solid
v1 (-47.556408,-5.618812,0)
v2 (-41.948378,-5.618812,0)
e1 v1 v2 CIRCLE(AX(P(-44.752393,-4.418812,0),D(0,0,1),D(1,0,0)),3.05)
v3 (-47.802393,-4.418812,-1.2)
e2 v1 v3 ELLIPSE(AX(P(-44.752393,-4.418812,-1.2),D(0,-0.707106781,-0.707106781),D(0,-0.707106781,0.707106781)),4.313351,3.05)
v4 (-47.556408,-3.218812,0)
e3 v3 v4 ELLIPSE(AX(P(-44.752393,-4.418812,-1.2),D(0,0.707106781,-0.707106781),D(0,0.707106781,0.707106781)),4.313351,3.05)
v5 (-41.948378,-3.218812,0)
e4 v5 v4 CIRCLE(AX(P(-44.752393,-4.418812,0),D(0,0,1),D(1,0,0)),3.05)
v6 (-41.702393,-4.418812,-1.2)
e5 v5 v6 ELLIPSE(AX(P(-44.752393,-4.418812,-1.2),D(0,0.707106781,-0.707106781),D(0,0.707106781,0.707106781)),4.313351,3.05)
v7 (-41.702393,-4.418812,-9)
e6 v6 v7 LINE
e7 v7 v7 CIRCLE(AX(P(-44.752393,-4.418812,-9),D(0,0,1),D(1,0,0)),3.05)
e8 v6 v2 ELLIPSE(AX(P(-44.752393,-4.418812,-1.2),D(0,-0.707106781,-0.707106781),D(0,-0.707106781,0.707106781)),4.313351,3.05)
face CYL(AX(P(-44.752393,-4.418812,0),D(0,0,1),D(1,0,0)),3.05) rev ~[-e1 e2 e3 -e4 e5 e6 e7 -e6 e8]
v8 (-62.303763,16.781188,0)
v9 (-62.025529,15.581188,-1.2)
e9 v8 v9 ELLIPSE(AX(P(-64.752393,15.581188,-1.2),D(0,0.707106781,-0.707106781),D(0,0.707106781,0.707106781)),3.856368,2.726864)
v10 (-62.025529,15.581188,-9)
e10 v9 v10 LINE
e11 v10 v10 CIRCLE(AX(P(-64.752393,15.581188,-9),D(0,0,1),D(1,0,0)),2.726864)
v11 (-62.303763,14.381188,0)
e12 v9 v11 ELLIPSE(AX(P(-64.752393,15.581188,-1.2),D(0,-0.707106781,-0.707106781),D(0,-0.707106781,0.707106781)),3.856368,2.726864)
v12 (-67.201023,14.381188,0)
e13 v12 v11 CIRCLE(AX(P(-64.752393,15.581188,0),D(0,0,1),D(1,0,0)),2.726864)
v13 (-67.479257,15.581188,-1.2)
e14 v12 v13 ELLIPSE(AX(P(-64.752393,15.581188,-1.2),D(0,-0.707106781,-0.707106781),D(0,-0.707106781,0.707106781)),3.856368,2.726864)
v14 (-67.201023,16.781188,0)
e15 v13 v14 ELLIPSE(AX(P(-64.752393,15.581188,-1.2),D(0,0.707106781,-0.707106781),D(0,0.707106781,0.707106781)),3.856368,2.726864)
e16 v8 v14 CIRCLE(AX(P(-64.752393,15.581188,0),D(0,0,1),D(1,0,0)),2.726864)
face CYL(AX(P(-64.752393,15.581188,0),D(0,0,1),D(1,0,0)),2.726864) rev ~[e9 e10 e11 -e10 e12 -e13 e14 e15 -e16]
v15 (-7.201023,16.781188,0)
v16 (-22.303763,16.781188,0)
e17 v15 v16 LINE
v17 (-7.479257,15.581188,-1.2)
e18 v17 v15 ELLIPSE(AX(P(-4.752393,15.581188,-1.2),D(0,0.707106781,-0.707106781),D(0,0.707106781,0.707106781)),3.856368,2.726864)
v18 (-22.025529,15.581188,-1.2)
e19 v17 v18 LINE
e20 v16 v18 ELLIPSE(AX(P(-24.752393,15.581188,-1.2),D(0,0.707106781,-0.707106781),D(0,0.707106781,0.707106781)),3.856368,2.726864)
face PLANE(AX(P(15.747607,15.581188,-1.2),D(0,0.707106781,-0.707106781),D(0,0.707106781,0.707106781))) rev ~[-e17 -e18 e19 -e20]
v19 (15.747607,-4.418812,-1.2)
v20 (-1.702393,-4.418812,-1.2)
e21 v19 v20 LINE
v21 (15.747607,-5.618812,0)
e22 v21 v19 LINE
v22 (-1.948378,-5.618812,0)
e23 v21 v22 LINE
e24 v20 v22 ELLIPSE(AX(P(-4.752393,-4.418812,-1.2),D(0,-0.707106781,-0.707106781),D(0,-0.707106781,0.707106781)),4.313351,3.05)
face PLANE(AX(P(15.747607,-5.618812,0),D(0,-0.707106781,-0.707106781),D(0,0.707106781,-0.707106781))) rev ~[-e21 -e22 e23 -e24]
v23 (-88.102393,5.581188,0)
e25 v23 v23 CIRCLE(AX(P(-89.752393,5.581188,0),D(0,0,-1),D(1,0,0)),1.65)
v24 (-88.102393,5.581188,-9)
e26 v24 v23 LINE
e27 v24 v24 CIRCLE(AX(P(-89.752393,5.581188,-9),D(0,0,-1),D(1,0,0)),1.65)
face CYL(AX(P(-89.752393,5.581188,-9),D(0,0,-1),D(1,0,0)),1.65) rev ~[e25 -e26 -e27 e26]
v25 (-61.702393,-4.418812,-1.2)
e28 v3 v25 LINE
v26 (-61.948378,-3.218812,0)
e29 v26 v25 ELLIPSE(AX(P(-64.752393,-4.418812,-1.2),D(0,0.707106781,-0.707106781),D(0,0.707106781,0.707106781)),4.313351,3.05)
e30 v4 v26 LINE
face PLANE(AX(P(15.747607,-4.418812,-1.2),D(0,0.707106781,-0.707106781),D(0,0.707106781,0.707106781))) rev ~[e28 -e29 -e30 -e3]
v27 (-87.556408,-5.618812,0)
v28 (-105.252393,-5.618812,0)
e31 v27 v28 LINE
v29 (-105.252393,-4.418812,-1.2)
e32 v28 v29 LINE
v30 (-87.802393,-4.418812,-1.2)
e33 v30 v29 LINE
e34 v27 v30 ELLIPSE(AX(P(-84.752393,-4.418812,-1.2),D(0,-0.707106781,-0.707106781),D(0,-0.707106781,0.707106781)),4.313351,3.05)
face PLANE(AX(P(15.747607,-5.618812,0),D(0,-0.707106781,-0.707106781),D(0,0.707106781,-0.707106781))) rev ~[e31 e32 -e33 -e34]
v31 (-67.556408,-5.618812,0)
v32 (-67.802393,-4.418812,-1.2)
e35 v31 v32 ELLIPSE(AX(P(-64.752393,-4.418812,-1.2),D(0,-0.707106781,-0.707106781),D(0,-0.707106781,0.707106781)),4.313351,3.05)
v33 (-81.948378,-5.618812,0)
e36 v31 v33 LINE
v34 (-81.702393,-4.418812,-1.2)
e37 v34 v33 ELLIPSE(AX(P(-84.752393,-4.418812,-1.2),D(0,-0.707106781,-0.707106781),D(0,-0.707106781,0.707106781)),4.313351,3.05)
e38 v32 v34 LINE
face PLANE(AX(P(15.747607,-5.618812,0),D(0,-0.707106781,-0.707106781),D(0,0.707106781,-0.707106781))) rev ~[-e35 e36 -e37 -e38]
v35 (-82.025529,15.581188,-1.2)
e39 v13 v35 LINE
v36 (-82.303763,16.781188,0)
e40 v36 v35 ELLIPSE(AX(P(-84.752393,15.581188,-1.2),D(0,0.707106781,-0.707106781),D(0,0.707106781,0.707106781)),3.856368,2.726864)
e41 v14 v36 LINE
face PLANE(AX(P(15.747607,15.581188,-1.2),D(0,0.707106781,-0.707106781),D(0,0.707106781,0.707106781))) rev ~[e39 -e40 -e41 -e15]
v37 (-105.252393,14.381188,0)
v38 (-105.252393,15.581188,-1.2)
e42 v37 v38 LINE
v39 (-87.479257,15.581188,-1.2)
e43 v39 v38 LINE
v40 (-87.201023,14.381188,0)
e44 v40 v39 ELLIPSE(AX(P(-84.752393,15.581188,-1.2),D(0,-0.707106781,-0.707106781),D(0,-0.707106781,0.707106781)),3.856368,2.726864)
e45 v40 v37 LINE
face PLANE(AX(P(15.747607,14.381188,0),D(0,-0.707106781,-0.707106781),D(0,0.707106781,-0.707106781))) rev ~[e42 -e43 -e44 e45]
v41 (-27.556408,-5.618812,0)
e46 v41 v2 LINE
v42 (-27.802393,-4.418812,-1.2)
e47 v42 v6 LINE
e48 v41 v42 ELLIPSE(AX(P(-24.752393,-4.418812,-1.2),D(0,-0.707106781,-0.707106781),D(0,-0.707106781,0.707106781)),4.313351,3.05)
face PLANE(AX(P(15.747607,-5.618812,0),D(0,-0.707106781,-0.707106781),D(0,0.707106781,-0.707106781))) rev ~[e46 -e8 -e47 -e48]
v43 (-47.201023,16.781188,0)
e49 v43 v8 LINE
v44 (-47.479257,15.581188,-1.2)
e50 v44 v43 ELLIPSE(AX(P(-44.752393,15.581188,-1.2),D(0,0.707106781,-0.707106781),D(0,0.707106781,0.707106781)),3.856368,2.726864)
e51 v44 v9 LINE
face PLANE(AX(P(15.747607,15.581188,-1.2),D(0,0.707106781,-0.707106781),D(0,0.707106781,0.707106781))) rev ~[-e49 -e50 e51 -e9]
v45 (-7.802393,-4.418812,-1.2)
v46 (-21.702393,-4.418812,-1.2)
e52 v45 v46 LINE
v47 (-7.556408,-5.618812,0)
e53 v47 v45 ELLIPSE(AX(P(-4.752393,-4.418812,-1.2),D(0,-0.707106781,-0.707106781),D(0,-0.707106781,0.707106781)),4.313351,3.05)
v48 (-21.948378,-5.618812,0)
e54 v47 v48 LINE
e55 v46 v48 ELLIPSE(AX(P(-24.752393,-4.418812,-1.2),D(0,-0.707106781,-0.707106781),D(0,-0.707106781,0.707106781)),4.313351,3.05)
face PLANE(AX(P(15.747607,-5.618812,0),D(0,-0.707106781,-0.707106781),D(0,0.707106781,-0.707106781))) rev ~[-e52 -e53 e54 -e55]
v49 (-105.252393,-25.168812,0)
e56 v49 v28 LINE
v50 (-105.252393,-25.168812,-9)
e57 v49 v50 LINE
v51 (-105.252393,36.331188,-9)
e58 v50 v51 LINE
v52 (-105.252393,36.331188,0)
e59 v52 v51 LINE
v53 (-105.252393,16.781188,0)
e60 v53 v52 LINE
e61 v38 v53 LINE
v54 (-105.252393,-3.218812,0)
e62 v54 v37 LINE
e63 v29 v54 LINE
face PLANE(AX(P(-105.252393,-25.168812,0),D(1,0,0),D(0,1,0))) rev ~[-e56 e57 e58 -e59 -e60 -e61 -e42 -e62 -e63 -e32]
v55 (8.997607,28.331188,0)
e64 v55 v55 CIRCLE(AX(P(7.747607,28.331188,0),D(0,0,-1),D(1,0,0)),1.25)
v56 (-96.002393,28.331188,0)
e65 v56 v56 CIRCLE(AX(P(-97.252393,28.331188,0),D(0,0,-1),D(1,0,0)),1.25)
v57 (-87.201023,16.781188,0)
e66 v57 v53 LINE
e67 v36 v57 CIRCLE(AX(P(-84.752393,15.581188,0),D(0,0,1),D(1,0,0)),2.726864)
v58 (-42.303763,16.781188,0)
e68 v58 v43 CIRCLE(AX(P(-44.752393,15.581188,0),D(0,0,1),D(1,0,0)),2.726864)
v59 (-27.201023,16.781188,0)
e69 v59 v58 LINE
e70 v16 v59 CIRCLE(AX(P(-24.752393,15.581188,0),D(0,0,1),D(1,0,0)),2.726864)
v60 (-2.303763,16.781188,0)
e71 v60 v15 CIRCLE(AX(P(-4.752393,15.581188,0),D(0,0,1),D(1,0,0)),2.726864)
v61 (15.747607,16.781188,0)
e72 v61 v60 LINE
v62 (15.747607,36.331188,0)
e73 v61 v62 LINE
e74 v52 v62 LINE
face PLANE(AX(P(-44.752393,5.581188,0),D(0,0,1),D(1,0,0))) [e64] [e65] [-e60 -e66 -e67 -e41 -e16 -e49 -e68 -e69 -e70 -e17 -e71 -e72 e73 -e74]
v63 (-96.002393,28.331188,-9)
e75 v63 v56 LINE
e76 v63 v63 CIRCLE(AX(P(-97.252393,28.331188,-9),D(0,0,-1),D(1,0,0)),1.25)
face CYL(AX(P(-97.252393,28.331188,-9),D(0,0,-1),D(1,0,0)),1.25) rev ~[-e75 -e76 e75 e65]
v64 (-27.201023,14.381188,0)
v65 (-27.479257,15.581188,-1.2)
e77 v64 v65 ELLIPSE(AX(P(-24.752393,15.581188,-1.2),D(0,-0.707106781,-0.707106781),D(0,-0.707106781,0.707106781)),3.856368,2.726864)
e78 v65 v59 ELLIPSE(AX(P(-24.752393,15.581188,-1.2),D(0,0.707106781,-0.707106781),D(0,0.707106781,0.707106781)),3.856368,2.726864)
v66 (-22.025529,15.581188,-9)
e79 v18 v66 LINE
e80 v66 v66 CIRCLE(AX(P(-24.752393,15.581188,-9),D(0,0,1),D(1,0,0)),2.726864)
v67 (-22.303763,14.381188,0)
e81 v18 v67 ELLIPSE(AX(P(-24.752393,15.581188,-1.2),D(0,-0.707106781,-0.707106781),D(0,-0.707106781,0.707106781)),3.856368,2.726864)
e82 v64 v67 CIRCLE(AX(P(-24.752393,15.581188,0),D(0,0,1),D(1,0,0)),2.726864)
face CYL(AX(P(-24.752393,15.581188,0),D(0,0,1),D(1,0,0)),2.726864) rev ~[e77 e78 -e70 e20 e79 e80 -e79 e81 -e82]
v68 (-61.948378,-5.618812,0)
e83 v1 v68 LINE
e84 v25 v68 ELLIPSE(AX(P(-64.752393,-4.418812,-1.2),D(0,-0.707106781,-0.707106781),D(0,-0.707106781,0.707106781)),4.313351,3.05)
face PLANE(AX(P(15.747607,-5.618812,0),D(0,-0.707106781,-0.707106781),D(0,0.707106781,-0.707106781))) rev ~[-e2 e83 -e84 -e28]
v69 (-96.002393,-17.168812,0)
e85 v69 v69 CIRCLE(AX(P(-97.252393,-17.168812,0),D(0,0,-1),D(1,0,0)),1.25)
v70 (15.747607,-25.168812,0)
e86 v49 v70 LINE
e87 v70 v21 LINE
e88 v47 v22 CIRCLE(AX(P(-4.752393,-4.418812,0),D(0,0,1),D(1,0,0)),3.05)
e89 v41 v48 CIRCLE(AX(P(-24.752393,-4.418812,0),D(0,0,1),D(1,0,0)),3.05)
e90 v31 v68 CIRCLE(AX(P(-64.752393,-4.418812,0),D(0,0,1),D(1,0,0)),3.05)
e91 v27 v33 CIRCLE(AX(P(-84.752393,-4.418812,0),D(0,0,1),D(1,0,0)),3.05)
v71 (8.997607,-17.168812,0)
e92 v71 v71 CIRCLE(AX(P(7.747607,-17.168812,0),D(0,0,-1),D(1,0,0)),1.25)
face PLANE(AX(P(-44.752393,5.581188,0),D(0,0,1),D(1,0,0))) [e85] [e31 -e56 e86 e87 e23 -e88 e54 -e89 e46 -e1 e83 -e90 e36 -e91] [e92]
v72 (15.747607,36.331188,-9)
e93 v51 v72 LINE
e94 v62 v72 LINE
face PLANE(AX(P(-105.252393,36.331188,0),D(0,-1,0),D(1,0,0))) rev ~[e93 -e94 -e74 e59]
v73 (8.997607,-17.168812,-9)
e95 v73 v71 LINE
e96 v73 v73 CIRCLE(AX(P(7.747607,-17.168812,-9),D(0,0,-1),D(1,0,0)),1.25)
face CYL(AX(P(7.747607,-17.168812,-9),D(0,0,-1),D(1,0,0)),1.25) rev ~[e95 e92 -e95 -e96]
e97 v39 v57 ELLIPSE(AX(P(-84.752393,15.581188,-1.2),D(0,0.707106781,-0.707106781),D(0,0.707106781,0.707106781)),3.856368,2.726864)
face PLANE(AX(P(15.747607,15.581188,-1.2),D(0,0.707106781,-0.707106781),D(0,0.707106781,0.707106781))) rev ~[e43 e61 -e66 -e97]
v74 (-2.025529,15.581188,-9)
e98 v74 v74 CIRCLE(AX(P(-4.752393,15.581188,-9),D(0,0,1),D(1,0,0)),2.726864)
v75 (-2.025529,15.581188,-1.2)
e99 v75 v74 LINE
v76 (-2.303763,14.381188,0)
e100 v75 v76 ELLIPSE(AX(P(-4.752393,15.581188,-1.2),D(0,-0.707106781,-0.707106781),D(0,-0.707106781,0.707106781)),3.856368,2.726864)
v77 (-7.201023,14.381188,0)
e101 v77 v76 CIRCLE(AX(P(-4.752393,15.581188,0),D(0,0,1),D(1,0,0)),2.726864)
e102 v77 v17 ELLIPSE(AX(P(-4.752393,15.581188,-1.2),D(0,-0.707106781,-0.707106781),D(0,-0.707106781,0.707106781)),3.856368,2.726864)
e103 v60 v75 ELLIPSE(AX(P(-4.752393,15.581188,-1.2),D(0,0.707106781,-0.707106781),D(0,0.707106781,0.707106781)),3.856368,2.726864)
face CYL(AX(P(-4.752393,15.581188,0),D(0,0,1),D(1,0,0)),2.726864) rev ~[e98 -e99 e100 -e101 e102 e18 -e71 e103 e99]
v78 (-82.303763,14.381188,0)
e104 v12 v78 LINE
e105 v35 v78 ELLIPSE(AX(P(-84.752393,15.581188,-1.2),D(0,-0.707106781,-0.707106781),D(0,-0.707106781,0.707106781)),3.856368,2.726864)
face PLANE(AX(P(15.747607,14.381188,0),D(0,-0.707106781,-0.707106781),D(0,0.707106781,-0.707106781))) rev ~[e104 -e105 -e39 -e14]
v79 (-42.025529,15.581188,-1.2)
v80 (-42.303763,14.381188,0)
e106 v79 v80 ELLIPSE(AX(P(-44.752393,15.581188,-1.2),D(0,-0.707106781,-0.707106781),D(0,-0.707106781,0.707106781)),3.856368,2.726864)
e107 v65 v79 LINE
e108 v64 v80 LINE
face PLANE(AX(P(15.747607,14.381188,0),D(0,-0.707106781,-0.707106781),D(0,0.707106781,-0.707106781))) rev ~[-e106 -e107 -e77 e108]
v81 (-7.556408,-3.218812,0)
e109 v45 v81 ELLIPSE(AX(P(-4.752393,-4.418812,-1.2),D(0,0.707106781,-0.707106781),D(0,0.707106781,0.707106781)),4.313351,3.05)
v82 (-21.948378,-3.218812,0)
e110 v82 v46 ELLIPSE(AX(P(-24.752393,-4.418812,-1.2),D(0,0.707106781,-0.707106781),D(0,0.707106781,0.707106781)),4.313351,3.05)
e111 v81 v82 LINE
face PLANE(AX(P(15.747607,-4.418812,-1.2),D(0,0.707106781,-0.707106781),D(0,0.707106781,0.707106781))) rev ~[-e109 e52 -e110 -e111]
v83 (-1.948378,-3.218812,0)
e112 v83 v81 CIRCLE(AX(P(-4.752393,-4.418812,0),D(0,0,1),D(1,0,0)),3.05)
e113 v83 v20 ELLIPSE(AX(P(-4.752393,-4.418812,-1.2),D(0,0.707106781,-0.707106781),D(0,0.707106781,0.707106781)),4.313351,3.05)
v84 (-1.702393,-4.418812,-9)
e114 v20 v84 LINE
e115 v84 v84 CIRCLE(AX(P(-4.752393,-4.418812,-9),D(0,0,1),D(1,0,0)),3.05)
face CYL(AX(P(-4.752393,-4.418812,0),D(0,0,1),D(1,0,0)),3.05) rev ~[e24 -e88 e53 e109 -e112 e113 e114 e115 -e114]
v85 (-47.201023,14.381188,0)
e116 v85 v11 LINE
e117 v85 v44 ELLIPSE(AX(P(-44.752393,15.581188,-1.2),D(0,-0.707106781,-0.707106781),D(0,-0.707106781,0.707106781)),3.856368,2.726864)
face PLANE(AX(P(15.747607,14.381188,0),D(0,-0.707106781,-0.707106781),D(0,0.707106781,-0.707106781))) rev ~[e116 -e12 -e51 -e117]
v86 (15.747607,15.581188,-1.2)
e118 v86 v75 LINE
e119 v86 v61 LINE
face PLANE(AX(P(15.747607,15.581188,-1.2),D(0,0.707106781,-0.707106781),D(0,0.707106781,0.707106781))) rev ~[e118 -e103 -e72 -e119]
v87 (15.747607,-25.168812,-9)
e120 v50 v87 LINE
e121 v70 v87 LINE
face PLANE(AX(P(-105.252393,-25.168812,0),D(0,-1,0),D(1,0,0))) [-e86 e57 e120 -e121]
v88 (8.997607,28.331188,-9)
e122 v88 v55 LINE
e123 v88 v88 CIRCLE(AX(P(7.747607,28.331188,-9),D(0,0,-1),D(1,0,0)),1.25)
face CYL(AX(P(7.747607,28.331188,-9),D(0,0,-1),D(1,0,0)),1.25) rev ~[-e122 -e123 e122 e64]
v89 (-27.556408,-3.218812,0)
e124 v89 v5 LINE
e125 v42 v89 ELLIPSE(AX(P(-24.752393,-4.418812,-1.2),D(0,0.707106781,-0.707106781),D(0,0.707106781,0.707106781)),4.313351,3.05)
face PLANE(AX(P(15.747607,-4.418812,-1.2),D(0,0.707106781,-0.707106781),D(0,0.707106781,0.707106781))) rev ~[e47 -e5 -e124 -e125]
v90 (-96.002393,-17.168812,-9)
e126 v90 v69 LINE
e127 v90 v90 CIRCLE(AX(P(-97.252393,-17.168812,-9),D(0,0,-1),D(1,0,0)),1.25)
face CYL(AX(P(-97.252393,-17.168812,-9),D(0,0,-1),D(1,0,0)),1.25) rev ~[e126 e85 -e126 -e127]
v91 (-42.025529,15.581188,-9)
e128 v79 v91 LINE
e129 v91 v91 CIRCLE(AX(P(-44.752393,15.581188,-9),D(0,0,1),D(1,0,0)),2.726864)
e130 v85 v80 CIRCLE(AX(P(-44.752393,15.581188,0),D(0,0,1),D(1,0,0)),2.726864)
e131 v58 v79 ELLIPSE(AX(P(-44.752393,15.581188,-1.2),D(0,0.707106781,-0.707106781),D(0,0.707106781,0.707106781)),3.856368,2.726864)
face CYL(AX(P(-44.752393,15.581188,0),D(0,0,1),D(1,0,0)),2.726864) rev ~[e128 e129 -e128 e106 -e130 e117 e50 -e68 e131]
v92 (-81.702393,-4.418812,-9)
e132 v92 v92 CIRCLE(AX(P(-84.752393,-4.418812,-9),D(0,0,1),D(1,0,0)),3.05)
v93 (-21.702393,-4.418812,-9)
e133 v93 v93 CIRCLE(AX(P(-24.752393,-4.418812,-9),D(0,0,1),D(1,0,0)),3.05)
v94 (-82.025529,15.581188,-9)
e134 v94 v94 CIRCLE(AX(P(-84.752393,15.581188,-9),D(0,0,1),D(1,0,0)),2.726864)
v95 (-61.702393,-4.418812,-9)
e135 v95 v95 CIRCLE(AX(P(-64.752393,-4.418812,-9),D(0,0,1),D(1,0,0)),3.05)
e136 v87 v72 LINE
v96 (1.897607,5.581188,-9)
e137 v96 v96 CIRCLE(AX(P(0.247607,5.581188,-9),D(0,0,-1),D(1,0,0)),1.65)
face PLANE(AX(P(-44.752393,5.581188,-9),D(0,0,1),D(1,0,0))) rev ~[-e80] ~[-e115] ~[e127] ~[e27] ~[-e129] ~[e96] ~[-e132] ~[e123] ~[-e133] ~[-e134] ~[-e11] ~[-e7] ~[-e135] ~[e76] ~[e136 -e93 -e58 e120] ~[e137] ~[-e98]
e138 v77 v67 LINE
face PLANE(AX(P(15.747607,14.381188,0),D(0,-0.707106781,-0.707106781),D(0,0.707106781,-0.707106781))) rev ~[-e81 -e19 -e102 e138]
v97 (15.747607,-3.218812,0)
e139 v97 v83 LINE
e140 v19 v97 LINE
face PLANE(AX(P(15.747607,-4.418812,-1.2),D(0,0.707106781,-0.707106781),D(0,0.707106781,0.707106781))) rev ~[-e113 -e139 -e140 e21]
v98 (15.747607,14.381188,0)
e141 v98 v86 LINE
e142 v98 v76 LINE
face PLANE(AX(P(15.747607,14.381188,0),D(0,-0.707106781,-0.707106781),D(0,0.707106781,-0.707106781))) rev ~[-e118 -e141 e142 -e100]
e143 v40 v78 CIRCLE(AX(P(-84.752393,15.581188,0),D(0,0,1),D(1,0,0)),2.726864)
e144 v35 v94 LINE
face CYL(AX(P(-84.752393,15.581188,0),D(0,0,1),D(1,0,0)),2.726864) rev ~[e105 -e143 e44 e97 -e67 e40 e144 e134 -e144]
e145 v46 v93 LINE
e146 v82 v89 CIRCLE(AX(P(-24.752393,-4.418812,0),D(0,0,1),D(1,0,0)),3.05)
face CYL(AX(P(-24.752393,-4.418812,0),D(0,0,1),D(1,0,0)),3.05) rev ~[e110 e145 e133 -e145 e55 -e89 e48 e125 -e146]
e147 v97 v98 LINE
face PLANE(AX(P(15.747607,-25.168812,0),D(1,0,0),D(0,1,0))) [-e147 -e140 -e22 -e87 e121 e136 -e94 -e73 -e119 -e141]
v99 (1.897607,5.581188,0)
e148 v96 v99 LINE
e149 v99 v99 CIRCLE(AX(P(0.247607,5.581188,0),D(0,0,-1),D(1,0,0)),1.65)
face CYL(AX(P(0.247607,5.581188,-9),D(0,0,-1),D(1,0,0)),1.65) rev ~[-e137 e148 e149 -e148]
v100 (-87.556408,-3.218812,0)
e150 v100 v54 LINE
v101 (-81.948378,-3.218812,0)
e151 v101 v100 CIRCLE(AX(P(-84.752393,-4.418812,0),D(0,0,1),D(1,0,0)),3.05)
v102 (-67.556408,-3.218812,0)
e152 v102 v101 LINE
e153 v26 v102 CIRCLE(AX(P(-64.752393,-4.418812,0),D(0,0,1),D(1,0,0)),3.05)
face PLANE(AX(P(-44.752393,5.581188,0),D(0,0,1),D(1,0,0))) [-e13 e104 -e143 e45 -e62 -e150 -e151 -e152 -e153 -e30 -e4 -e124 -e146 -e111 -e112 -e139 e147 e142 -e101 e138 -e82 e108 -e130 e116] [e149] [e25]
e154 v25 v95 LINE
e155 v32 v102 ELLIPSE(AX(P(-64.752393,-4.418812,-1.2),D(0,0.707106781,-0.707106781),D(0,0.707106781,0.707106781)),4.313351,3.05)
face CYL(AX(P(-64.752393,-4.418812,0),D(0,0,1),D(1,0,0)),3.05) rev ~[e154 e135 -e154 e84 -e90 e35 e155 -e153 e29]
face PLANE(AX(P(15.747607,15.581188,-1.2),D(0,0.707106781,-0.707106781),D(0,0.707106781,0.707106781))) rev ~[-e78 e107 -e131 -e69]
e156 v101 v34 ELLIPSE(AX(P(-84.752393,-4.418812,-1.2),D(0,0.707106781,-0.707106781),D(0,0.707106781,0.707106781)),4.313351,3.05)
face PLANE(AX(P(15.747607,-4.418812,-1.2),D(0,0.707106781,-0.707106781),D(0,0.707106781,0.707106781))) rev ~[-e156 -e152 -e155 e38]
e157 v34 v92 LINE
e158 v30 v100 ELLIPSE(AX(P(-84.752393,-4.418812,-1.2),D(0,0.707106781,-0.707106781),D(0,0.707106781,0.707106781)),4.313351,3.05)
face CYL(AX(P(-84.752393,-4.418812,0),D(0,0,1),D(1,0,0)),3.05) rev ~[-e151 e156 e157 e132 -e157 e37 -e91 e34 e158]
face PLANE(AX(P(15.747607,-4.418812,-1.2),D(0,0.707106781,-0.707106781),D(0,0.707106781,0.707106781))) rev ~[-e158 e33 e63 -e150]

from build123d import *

# Parameters (mm, degrees)
F0_W     = 121
F0_H     = 61.5
F1_DEPTH = 9
F2_R     = 2.726864
F2_R_2   = 3.05
F3_DEPTH = 10
F4_R     = 1.25
F5_DEPTH = 10
F6_R     = 1.65
F7_DEPTH = 10
F9_DEPTH = 125


with BuildPart() as f1:
    # F0 (on Top) → F1 (new body)
    with BuildSketch(Plane.XY):
        with Locations((-44.752393, 5.581188)):
            Rectangle(F0_W, F0_H)
    extrude(amount=-F1_DEPTH)

    # F2 (on face) → F3 (cut)
    with BuildSketch(Plane.XY):
        with Locations((-84.752393, 15.581188)):
            Circle(F2_R)
        with Locations((-84.752393, -4.418812)):
            Circle(F2_R_2)
        with Locations((-64.752393, 15.581188)):
            Circle(F2_R)
        with Locations((-64.752393, -4.418812)):
            Circle(F2_R_2)
        with Locations((-44.752393, 15.581188)):
            Circle(F2_R)
        with Locations((-44.752393, -4.418812)):
            Circle(F2_R_2)
        with Locations((-24.752393, 15.581188)):
            Circle(F2_R)
        with Locations((-24.752393, -4.418812)):
            Circle(F2_R_2)
        with Locations((-4.752393, 15.581188)):
            Circle(F2_R)
        with Locations((-4.752393, -4.418812)):
            Circle(F2_R_2)
    extrude(amount=-F3_DEPTH, mode=Mode.SUBTRACT)

    # F4 (on face) → F5 (cut)
    with BuildSketch(Plane(origin=(0, 0, -9), x_dir=(1, 0, 0), z_dir=(0, 0, -1))):
        with Locations((-97.252393, 17.168812)):
            Circle(F4_R)
        with Locations((-97.252393, -28.331188)):
            Circle(F4_R)
        with Locations((7.747607, 17.168812)):
            Circle(F4_R)
        with Locations((7.747607, -28.331188)):
            Circle(F4_R)
    extrude(amount=-F5_DEPTH, mode=Mode.SUBTRACT)

    # F6 (on face) → F7 (cut)
    with BuildSketch(Plane(origin=(0, 0, -9), x_dir=(1, 0, 0), z_dir=(0, 0, -1))):
        with Locations((-89.752393, -5.581188)):
            Circle(F6_R)
        with Locations((0.247607, -5.581188)):
            Circle(F6_R)
    extrude(amount=-F7_DEPTH, mode=Mode.SUBTRACT)

    # F8 (on face) → F9 (cut)
    with BuildSketch(Plane.YZ.offset(15.747607)):
        Polygon((-3.218812, 0), (-5.618812, 0), (-4.418812, -1.2), align=None)
        Polygon((16.781188, 0), (14.381188, 0), (15.581188, -1.2), align=None)
    extrude(amount=-F9_DEPTH, mode=Mode.SUBTRACT)


solid = f1.part
